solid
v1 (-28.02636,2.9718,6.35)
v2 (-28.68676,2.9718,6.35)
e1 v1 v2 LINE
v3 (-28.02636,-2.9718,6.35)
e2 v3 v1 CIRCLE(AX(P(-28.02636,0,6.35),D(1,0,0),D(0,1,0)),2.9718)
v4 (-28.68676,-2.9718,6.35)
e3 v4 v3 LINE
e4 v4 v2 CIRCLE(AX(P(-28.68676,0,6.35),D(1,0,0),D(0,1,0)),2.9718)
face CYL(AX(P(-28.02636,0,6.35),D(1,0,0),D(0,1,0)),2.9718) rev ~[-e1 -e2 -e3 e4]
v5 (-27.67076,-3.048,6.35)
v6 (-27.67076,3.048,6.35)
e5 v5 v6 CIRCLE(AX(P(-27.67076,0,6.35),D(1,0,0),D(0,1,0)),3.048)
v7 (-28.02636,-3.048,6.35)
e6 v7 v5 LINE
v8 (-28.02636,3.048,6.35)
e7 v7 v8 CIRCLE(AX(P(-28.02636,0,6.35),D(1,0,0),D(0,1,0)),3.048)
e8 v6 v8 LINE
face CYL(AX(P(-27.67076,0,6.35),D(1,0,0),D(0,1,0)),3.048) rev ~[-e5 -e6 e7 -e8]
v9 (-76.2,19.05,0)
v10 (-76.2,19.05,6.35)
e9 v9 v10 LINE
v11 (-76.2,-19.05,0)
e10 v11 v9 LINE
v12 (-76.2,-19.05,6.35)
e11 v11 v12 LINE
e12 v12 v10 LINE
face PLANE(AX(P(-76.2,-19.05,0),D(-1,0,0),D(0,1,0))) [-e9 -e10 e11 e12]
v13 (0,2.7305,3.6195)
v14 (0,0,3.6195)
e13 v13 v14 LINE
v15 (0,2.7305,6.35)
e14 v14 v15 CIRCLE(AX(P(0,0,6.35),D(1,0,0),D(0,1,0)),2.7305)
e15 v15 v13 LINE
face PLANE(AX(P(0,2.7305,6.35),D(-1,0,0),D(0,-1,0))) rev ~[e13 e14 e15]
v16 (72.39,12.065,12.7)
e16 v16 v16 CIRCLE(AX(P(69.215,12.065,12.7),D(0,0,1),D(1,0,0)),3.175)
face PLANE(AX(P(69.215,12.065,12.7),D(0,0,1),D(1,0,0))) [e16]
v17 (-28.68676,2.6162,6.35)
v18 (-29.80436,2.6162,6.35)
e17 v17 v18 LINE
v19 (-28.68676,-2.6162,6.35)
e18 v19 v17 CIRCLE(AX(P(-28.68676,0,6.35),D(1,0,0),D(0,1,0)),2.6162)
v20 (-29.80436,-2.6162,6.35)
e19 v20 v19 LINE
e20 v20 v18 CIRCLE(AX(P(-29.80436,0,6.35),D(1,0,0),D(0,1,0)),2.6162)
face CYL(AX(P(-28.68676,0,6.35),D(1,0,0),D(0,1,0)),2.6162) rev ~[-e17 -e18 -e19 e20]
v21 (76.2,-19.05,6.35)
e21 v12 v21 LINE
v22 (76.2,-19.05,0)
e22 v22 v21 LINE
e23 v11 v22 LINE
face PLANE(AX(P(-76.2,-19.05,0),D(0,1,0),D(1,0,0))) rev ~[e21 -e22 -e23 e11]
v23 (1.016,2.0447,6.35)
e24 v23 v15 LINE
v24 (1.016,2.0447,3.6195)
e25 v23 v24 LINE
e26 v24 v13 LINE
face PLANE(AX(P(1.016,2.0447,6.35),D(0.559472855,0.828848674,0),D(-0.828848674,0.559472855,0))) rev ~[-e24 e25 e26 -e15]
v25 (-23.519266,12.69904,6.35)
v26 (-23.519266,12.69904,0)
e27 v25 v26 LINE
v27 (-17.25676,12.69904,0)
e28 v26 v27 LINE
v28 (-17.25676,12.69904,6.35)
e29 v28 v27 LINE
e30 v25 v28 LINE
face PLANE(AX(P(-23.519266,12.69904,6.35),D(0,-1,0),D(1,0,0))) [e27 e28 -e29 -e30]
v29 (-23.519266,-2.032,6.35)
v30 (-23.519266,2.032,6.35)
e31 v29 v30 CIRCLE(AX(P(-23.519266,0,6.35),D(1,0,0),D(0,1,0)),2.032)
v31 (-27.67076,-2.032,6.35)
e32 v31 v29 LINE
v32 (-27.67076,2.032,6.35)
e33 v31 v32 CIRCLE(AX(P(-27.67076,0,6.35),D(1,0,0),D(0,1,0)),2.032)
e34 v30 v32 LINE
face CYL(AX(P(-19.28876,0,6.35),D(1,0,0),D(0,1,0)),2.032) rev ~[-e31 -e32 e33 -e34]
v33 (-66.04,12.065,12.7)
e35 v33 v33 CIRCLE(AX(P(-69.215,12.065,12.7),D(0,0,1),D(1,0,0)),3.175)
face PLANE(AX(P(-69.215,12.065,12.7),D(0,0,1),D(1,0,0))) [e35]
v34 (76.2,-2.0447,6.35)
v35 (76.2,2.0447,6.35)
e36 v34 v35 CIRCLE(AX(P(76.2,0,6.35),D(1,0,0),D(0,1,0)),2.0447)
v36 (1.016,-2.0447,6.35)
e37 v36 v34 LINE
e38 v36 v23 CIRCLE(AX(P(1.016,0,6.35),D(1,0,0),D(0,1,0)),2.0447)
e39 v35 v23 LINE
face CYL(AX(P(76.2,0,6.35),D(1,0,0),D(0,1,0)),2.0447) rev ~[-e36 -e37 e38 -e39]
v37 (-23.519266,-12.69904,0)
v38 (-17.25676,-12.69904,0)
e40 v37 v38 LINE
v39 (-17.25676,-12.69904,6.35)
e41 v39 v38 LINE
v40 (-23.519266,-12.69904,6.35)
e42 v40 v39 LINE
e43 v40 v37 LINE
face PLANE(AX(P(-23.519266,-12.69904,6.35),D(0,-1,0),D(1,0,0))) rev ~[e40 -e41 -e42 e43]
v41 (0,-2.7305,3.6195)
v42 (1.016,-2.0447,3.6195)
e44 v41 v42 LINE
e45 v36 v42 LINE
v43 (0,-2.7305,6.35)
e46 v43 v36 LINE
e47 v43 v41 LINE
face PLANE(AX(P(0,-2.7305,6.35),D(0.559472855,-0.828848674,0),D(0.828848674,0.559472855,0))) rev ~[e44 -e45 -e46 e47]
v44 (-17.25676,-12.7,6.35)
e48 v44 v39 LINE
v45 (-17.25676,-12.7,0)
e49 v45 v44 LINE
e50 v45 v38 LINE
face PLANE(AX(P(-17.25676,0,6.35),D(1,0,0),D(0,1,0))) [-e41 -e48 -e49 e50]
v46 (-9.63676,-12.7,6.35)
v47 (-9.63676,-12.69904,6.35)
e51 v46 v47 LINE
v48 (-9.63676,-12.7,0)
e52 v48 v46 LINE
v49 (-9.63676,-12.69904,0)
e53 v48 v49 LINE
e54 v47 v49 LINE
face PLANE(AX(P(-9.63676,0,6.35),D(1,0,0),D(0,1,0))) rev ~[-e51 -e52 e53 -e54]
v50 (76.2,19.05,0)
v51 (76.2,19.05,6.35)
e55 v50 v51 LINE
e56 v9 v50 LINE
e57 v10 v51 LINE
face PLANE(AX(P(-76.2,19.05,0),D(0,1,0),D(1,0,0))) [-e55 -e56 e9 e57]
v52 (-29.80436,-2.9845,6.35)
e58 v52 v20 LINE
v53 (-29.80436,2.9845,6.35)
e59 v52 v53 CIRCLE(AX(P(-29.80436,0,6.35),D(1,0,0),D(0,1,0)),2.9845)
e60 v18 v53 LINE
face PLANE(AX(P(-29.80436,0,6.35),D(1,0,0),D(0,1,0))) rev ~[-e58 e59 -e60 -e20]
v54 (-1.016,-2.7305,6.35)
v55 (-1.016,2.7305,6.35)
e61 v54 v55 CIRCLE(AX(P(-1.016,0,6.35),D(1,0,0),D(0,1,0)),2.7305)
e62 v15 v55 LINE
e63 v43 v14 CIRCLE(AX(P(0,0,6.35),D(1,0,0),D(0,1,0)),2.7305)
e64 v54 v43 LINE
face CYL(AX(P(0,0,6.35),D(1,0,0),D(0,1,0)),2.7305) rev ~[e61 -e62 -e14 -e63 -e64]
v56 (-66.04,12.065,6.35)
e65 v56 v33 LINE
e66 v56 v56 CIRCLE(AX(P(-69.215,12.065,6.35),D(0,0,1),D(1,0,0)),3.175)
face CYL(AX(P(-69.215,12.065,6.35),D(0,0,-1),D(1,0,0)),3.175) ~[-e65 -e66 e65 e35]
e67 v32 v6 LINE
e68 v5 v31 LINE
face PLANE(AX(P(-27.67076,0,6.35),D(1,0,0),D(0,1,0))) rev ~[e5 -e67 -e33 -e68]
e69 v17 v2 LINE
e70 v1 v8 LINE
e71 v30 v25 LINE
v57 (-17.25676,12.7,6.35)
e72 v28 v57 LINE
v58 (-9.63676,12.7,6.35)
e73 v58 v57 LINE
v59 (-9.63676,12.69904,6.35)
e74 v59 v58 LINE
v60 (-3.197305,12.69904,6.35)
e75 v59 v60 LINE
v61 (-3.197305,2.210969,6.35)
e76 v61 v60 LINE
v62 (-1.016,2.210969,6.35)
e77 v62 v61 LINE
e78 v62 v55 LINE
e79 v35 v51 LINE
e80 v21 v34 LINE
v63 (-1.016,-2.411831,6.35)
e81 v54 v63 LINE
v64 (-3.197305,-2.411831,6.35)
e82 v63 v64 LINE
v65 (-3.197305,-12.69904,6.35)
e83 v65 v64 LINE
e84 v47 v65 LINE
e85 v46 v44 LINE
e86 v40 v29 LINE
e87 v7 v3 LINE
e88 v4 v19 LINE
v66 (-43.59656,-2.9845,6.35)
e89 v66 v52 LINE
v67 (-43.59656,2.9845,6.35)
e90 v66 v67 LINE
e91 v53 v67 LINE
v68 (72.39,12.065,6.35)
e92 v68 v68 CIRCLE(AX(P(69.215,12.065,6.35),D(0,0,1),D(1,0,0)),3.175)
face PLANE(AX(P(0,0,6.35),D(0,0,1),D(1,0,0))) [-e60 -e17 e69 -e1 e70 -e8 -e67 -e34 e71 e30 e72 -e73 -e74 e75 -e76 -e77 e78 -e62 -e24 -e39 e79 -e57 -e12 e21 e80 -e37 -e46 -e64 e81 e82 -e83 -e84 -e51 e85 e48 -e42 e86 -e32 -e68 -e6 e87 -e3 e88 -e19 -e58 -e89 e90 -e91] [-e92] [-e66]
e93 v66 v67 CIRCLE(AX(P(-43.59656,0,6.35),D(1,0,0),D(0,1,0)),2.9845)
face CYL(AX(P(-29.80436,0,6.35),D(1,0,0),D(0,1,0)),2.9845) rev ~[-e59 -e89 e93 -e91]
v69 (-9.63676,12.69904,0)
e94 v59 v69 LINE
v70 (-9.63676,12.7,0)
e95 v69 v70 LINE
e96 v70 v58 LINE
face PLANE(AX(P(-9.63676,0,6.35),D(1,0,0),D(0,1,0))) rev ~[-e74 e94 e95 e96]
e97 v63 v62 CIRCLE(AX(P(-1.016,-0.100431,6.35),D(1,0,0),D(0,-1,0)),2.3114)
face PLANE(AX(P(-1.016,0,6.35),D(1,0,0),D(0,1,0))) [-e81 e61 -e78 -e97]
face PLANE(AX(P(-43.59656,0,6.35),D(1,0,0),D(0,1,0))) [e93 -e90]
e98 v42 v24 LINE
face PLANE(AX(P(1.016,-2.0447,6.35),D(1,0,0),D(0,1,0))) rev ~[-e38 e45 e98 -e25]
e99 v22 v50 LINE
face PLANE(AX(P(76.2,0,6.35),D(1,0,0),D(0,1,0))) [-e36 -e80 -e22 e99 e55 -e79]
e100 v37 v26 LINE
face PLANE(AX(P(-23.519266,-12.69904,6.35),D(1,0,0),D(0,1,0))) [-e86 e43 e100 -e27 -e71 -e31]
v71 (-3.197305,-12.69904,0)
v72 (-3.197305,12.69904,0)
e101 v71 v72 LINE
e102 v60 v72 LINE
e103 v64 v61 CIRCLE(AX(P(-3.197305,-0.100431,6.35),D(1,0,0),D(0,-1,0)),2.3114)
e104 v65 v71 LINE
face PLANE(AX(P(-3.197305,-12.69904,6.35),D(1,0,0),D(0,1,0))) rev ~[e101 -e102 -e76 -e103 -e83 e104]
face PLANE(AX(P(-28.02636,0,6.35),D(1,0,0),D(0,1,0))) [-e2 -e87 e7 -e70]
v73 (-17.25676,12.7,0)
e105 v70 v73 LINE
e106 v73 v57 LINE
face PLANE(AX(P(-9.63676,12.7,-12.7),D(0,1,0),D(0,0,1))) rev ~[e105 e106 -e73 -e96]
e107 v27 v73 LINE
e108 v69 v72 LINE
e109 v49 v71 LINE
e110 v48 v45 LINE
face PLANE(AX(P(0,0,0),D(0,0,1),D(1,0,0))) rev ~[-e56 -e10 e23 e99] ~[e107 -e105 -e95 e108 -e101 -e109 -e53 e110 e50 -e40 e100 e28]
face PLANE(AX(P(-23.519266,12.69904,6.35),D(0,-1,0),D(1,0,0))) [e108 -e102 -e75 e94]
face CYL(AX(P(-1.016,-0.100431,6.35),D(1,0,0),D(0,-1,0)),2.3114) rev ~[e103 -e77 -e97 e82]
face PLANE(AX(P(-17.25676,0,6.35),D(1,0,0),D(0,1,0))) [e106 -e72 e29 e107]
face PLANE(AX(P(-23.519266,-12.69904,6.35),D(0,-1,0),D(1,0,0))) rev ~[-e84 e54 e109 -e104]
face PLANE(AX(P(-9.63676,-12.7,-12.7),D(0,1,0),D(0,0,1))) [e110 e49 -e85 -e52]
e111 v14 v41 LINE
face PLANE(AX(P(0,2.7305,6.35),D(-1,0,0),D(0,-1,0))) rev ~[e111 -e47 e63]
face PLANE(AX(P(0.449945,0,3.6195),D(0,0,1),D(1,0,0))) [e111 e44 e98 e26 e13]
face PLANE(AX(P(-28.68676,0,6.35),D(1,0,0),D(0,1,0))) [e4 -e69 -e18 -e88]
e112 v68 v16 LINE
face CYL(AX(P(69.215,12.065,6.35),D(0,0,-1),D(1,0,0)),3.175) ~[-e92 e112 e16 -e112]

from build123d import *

# Parameters (mm, degrees)
F0_W      = 152.4
F0_H      = 38.1
F1_DEPTH  = 6.35
F2_R      = 2.0447
F3_DEPTH  = 76.2
F4_DEPTH  = 76.2
F5_R      = 2.7305
F6_DEPTH  = 1.016
F8_DEPTH  = 7.62
F9_R      = 3.5941
F10_DEPTH = 1.905
F11_R     = 4.7625
F12_DEPTH = 0.635
F13_R     = 1.524
F14_DEPTH = 1.00076
F15_W     = 25.4
F15_H     = 38.1
F16_DEPTH = 7.62
F18_DEPTH = 1.27
F19_R     = 3.2131
F20_DEPTH = 0.508
F22_DEPTH = 0.762
F23_R     = 2.032
F24_DEPTH = 8.382
F25_R     = 3.048
F26_DEPTH = 0.3556
F27_R     = 2.9718
F28_DEPTH = 0.6604
F29_R     = 2.6162
F30_DEPTH = 1.1176
F31_R     = 2.9845
F32_DEPTH = 13.7922
F33_R     = 3.175
F34_DEPTH = 6.35
F36_DEPTH = 2.7305
F37_W     = 20.3219614923
F37_H     = 25.3980793059
F38_DEPTH = 25.4


with BuildPart() as f1:
    # F0 (on Top) → F1 (new body)
    with BuildSketch(Plane.XY):
        Rectangle(F0_W, F0_H)
    extrude(amount=F1_DEPTH)

    # F2 (on face) → F3 (join)
    with BuildSketch(Plane.YZ.offset(76.2)):
        with Locations((0, 6.35)):
            Circle(F2_R)
    extrude(amount=-F3_DEPTH)

    # F2 (on face) → F4 (cut)
    with BuildSketch(Plane.YZ.offset(76.2)):
        with Locations((0, 6.35)):
            Circle(F2_R)
    extrude(amount=-F4_DEPTH, mode=Mode.SUBTRACT)

    # F5 (on face) → F6 (cut)
    with BuildSketch(Plane.YZ):
        with Locations((0, 6.35)):
            Circle(F5_R)
    extrude(amount=-F6_DEPTH, mode=Mode.SUBTRACT)

    # F7 (on face) → F8 (cut)
    with BuildSketch(Plane.YZ.offset(-1.016)):
        with BuildLine():
            ThreePointArc((-2.4118311998, 6.35), (-0.1004311998, 4.0386), (2.2109688002, 6.35))
            Line((2.2109688002, 6.35), (-2.4118311998, 6.35))
        make_face()
    extrude(amount=-F8_DEPTH, mode=Mode.SUBTRACT)

    # F9 (on face) → F10 (cut)
    with BuildSketch(Plane.YZ.offset(-8.636)):
        with Locations((-0.1004311998, 6.35)):
            Circle(F9_R)
    extrude(amount=F10_DEPTH, mode=Mode.SUBTRACT)

    # F11 (on face) → F12 (cut)
    with BuildSketch(Plane.YZ.offset(-8.636)):
        with Locations((0, 6.35)):
            Circle(F11_R)
        with BuildLine():
            ThreePointArc((3.4936688002, 6.35), (-0.1004311998, 2.7559), (-3.6945311998, 6.35))
            Line((-3.6945311998, 6.35), (3.4936688002, 6.35))
        make_face(mode=Mode.SUBTRACT)
    extrude(amount=F12_DEPTH, mode=Mode.SUBTRACT)

    # F13 (on face) → F14 (cut)
    with BuildSketch(Plane.YZ.offset(-8.636)):
        with Locations((0, 6.35)):
            Circle(F13_R)
    extrude(amount=-F14_DEPTH, mode=Mode.SUBTRACT)

    # F15 (on face) → F16 (cut)
    with BuildSketch(Plane.YZ.offset(-9.63676)):
        with Locations((0, 6.35)):
            Rectangle(F15_W, F15_H)
    extrude(amount=-F16_DEPTH, mode=Mode.SUBTRACT)

    # F17 (on face) → F18 (cut)
    with BuildSketch(Plane.YZ.offset(-17.25676)):
        with BuildLine():
            ThreePointArc((-1.524, 6.35), (0, 4.826), (1.524, 6.35))
            Line((1.524, 6.35), (-1.524, 6.35))
        make_face()
        with BuildLine():
            Line((-1.524, 6.35), (1.524, 6.35))
            ThreePointArc((1.524, 6.35), (0, 7.874), (-1.524, 6.35))
        make_face()
    extrude(amount=-F18_DEPTH, mode=Mode.SUBTRACT)

    # F19 (on face) → F20 (cut)
    with BuildSketch(Plane.YZ.offset(-18.52676)):
        with Locations((0, 6.35)):
            Circle(F19_R)
        with BuildLine():
            ThreePointArc((1.524, 6.35), (0, 4.826), (-1.524, 6.35))
            Line((-1.524, 6.35), (1.524, 6.35))
        make_face(mode=Mode.SUBTRACT)
    extrude(amount=F20_DEPTH, mode=Mode.SUBTRACT)

    # F21 (on face) → F22 (cut)
    with BuildSketch(Plane.YZ.offset(-18.52676)):
        with BuildLine():
            ThreePointArc((-2.9337, 6.35), (0, 3.4163), (2.9337, 6.35))
            Line((2.9337, 6.35), (-2.9337, 6.35))
        make_face()
        with BuildLine():
            Line((-2.9337, 6.35), (2.9337, 6.35))
            ThreePointArc((2.9337, 6.35), (0, 9.2837), (-2.9337, 6.35))
        make_face()
    extrude(amount=-F22_DEPTH, mode=Mode.SUBTRACT)

    # F23 (on face) → F24 (cut)
    with BuildSketch(Plane.YZ.offset(-19.28876)):
        with Locations((0, 6.35)):
            Circle(F23_R)
    extrude(amount=-F24_DEPTH, mode=Mode.SUBTRACT)

    # F25 (on face) → F26 (cut)
    with BuildSketch(Plane.YZ.offset(-27.67076)):
        with Locations((0, 6.35)):
            Circle(F25_R)
    extrude(amount=-F26_DEPTH, mode=Mode.SUBTRACT)

    # F27 (on face) → F28 (cut)
    with BuildSketch(Plane.YZ.offset(-28.02636)):
        with Locations((0, 6.35)):
            Circle(F27_R)
    extrude(amount=-F28_DEPTH, mode=Mode.SUBTRACT)

    # F29 (on face) → F30 (cut)
    with BuildSketch(Plane.YZ.offset(-28.68676)):
        with Locations((0, 6.35)):
            Circle(F29_R)
    extrude(amount=-F30_DEPTH, mode=Mode.SUBTRACT)

    # F31 (on face) → F32 (cut)
    with BuildSketch(Plane.YZ.offset(-29.80436)):
        with Locations((0, 6.35)):
            Circle(F31_R)
    extrude(amount=-F32_DEPTH, mode=Mode.SUBTRACT)

    # F33 (on face) → F34 (join)
    with BuildSketch(Plane.XY.offset(6.35)):
        with Locations((-69.215, 12.065)):
            Circle(F33_R)
        with Locations((69.215, 12.065)):
            Circle(F33_R)
    extrude(amount=F34_DEPTH)

    # F35 (on face) → F36 (cut)
    with BuildSketch(Plane.XY.offset(6.35)):
        Polygon((1.016, 2.0447), (0, 2.7305), (0, -2.7305), (1.016, -2.0447), align=None)
    extrude(amount=-F36_DEPTH, mode=Mode.SUBTRACT)

    # F37 (on face) → F38 (cut)
    with BuildSketch(Plane.XY.offset(6.35)):
        with Locations((-13.3582856506, 0)):
            Rectangle(F37_W, F37_H)
    extrude(amount=-F38_DEPTH, mode=Mode.SUBTRACT)


solid = f1.part
